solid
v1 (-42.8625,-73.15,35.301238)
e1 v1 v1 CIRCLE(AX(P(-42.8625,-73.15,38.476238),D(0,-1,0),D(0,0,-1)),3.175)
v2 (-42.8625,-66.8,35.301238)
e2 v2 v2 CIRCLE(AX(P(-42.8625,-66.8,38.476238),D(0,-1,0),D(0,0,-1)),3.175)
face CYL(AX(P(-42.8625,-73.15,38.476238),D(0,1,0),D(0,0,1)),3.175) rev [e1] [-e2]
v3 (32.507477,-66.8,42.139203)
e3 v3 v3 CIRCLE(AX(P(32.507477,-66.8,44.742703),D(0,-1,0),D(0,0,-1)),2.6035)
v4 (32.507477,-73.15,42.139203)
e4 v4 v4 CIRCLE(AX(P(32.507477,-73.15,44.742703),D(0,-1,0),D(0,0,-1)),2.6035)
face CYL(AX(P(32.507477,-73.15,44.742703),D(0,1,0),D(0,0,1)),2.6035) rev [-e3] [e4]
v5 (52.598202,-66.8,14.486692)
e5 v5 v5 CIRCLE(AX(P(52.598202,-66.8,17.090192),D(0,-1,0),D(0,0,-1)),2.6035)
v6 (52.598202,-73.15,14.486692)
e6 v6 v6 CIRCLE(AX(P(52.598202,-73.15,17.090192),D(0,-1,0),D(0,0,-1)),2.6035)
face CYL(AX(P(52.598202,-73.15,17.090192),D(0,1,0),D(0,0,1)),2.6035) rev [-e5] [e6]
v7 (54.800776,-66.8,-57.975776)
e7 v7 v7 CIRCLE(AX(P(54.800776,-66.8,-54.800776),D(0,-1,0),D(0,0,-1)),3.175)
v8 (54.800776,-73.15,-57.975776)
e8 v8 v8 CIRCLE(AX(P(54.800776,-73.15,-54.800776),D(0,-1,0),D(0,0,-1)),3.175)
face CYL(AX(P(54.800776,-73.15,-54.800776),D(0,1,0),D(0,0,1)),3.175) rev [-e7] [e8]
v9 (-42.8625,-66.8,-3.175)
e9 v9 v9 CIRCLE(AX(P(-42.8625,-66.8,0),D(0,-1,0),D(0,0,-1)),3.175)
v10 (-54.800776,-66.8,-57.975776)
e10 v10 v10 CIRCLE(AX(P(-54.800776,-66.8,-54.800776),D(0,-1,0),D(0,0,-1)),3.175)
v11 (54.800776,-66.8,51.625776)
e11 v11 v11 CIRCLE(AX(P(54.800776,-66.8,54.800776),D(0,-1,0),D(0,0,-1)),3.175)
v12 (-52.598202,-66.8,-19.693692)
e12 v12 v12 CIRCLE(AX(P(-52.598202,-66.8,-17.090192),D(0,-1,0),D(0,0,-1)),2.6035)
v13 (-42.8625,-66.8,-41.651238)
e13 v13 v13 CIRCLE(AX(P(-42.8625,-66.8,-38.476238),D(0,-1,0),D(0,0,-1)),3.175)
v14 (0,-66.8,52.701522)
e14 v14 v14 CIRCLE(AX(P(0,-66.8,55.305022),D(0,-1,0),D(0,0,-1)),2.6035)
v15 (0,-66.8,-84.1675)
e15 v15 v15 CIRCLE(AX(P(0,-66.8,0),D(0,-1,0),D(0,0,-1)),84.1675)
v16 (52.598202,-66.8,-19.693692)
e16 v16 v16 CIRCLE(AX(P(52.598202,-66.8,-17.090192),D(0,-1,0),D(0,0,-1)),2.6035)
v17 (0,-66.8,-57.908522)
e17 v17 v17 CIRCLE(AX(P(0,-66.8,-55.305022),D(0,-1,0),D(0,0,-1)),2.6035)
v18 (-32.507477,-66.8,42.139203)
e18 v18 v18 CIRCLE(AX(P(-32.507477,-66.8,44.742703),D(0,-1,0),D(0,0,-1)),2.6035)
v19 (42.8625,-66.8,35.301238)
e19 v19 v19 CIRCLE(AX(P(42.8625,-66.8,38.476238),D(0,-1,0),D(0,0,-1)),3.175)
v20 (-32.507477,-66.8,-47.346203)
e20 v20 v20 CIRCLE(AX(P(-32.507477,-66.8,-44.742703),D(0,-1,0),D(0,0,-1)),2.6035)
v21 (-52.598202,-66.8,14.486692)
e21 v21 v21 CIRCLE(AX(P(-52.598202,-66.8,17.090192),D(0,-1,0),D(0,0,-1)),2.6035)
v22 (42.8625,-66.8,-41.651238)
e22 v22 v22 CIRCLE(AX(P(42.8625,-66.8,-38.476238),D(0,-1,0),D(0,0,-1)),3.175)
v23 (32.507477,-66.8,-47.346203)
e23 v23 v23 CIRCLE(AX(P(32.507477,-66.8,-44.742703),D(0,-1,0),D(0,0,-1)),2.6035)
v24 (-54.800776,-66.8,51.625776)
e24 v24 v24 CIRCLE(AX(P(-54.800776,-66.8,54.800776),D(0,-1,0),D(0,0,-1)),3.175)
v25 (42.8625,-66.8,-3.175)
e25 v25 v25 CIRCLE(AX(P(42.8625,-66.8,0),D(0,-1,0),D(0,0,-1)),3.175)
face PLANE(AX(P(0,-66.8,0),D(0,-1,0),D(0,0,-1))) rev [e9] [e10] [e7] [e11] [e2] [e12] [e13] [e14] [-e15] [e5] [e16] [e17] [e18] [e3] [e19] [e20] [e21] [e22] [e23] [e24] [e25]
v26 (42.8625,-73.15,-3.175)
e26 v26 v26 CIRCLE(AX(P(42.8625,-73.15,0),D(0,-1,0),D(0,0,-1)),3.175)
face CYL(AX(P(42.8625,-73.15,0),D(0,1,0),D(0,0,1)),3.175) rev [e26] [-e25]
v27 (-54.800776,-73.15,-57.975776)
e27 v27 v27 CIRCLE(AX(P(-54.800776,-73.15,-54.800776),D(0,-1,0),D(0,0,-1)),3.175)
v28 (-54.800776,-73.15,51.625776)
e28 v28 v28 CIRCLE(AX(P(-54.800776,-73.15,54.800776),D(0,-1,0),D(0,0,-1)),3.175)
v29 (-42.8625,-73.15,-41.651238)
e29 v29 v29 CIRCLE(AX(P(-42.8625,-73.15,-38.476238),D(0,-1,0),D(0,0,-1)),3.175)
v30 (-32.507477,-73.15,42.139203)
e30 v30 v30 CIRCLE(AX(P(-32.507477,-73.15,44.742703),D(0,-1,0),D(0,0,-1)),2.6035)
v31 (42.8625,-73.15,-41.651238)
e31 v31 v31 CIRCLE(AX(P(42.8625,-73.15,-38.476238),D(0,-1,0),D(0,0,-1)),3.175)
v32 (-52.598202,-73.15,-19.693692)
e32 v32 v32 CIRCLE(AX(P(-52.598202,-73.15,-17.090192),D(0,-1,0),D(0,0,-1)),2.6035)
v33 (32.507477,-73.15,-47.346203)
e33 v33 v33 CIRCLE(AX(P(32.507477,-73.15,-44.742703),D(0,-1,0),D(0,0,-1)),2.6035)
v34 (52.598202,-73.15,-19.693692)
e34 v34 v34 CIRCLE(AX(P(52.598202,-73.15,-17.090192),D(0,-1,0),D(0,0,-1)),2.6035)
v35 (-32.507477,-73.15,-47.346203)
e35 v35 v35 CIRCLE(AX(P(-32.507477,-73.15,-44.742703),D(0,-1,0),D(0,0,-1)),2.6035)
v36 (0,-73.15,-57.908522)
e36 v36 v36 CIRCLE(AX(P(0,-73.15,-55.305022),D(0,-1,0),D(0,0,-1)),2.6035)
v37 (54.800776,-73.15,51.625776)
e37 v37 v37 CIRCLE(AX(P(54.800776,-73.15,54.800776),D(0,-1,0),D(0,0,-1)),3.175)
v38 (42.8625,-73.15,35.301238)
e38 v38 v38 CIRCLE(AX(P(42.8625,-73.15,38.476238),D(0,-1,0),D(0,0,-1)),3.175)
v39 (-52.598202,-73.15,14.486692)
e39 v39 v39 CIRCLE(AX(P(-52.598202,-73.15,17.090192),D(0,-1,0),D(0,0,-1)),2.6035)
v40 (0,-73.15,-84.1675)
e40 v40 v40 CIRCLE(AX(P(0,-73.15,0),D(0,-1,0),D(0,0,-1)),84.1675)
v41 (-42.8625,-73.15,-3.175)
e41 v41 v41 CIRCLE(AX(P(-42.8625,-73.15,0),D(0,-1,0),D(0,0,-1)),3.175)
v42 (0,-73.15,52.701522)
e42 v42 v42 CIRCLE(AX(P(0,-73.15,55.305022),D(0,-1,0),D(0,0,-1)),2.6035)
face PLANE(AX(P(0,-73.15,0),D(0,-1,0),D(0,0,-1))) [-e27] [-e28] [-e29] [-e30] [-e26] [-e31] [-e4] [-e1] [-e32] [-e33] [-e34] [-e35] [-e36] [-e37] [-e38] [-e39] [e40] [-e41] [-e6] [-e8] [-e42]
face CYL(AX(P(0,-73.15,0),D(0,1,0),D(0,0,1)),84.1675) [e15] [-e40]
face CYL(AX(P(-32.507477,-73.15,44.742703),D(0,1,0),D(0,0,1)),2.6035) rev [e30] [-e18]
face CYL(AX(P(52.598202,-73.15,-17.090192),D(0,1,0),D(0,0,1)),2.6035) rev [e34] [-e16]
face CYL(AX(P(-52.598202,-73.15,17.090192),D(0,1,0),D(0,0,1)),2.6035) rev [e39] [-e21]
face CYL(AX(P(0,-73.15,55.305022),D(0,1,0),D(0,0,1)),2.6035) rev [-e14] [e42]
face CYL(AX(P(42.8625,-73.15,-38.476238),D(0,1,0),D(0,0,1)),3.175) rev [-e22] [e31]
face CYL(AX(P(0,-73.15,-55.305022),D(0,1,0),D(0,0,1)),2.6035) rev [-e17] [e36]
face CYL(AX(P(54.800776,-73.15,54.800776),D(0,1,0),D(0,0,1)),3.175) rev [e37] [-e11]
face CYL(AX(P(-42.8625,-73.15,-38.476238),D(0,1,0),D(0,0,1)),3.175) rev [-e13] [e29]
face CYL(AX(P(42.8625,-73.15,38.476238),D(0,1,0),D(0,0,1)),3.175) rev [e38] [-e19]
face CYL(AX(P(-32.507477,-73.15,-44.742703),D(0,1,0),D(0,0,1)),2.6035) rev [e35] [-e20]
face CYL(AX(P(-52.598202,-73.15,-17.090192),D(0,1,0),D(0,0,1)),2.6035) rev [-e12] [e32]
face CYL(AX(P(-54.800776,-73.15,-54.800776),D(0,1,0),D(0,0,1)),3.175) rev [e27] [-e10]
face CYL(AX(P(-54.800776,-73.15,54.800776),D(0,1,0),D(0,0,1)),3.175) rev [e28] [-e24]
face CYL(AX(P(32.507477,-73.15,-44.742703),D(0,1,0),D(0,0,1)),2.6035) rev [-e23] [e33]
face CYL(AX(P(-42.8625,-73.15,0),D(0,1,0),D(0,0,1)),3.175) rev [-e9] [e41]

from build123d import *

# Parameters (mm, degrees)
SKETCH1_R           = 84.1675
SKETCH1_R_2         = 3.175
SKETCH1_R_3         = 2.6035
BOSS_EXTRUDE1_DEPTH = 6.35


with BuildPart() as part:
    # Sketch1 → Boss-Extrude1 (new body)
    with BuildSketch(Plane.XZ.offset(66.8)):
        with Locations(Location((0, 0, 0), (0, 0, 270))):
            Circle(SKETCH1_R)
        with Locations(Location((54.800775542, 54.800775542, 0), (0, 0, 270))):
            Circle(SKETCH1_R_2, mode=Mode.SUBTRACT)
        with Locations(Location((54.800775542, -54.800775542, 0), (0, 0, 270))):
            Circle(SKETCH1_R_2, mode=Mode.SUBTRACT)
        with Locations(Location((-54.800775542, -54.800775542, 0), (0, 0, 270))):
            Circle(SKETCH1_R_2, mode=Mode.SUBTRACT)
        with Locations(Location((-54.800775542, 54.800775542, 0), (0, 0, 270))):
            Circle(SKETCH1_R_2, mode=Mode.SUBTRACT)
        with Locations(Location((-42.8625, -38.476238101, 0), (0, 0, 270))):
            Circle(SKETCH1_R_2, mode=Mode.SUBTRACT)
        with Locations(Location((-42.8625, 0, 0), (0, 0, 270))):
            Circle(SKETCH1_R_2, mode=Mode.SUBTRACT)
        with Locations(Location((-42.8625, 38.476238101, 0), (0, 0, 270))):
            Circle(SKETCH1_R_2, mode=Mode.SUBTRACT)
        with Locations(Location((42.8625, 38.476238101, 0), (0, 0, 270))):
            Circle(SKETCH1_R_2, mode=Mode.SUBTRACT)
        with Locations(Location((42.8625, 0, 0), (0, 0, 270))):
            Circle(SKETCH1_R_2, mode=Mode.SUBTRACT)
        with Locations(Location((42.8625, -38.476238101, 0), (0, 0, 270))):
            Circle(SKETCH1_R_2, mode=Mode.SUBTRACT)
        with Locations(Location((-52.598201949, -17.0901918, 0), (0, 0, 270))):
            Circle(SKETCH1_R_3, mode=Mode.SUBTRACT)
        with Locations(Location((-52.598201949, 17.0901918, 0), (0, 0, 270))):
            Circle(SKETCH1_R_3, mode=Mode.SUBTRACT)
        with Locations(Location((-32.507476552, 44.742703006, 0), (0, 0, 270))):
            Circle(SKETCH1_R_3, mode=Mode.SUBTRACT)
        with Locations(Location((0, 55.305022413, 0), (0, 0, 270))):
            Circle(SKETCH1_R_3, mode=Mode.SUBTRACT)
        with Locations(Location((32.507476552, 44.742703006, 0), (0, 0, 270))):
            Circle(SKETCH1_R_3, mode=Mode.SUBTRACT)
        with Locations(Location((52.598201949, 17.0901918, 0), (0, 0, 270))):
            Circle(SKETCH1_R_3, mode=Mode.SUBTRACT)
        with Locations(Location((52.598201949, -17.0901918, 0), (0, 0, 270))):
            Circle(SKETCH1_R_3, mode=Mode.SUBTRACT)
        with Locations(Location((32.507476552, -44.742703006, 0), (0, 0, 270))):
            Circle(SKETCH1_R_3, mode=Mode.SUBTRACT)
        with Locations(Location((0, -55.305022413, 0), (0, 0, 270))):
            Circle(SKETCH1_R_3, mode=Mode.SUBTRACT)
        with Locations(Location((-32.507476552, -44.742703006, 0), (0, 0, 270))):
            Circle(SKETCH1_R_3, mode=Mode.SUBTRACT)
    extrude(amount=BOSS_EXTRUDE1_DEPTH)


solid = part.part
